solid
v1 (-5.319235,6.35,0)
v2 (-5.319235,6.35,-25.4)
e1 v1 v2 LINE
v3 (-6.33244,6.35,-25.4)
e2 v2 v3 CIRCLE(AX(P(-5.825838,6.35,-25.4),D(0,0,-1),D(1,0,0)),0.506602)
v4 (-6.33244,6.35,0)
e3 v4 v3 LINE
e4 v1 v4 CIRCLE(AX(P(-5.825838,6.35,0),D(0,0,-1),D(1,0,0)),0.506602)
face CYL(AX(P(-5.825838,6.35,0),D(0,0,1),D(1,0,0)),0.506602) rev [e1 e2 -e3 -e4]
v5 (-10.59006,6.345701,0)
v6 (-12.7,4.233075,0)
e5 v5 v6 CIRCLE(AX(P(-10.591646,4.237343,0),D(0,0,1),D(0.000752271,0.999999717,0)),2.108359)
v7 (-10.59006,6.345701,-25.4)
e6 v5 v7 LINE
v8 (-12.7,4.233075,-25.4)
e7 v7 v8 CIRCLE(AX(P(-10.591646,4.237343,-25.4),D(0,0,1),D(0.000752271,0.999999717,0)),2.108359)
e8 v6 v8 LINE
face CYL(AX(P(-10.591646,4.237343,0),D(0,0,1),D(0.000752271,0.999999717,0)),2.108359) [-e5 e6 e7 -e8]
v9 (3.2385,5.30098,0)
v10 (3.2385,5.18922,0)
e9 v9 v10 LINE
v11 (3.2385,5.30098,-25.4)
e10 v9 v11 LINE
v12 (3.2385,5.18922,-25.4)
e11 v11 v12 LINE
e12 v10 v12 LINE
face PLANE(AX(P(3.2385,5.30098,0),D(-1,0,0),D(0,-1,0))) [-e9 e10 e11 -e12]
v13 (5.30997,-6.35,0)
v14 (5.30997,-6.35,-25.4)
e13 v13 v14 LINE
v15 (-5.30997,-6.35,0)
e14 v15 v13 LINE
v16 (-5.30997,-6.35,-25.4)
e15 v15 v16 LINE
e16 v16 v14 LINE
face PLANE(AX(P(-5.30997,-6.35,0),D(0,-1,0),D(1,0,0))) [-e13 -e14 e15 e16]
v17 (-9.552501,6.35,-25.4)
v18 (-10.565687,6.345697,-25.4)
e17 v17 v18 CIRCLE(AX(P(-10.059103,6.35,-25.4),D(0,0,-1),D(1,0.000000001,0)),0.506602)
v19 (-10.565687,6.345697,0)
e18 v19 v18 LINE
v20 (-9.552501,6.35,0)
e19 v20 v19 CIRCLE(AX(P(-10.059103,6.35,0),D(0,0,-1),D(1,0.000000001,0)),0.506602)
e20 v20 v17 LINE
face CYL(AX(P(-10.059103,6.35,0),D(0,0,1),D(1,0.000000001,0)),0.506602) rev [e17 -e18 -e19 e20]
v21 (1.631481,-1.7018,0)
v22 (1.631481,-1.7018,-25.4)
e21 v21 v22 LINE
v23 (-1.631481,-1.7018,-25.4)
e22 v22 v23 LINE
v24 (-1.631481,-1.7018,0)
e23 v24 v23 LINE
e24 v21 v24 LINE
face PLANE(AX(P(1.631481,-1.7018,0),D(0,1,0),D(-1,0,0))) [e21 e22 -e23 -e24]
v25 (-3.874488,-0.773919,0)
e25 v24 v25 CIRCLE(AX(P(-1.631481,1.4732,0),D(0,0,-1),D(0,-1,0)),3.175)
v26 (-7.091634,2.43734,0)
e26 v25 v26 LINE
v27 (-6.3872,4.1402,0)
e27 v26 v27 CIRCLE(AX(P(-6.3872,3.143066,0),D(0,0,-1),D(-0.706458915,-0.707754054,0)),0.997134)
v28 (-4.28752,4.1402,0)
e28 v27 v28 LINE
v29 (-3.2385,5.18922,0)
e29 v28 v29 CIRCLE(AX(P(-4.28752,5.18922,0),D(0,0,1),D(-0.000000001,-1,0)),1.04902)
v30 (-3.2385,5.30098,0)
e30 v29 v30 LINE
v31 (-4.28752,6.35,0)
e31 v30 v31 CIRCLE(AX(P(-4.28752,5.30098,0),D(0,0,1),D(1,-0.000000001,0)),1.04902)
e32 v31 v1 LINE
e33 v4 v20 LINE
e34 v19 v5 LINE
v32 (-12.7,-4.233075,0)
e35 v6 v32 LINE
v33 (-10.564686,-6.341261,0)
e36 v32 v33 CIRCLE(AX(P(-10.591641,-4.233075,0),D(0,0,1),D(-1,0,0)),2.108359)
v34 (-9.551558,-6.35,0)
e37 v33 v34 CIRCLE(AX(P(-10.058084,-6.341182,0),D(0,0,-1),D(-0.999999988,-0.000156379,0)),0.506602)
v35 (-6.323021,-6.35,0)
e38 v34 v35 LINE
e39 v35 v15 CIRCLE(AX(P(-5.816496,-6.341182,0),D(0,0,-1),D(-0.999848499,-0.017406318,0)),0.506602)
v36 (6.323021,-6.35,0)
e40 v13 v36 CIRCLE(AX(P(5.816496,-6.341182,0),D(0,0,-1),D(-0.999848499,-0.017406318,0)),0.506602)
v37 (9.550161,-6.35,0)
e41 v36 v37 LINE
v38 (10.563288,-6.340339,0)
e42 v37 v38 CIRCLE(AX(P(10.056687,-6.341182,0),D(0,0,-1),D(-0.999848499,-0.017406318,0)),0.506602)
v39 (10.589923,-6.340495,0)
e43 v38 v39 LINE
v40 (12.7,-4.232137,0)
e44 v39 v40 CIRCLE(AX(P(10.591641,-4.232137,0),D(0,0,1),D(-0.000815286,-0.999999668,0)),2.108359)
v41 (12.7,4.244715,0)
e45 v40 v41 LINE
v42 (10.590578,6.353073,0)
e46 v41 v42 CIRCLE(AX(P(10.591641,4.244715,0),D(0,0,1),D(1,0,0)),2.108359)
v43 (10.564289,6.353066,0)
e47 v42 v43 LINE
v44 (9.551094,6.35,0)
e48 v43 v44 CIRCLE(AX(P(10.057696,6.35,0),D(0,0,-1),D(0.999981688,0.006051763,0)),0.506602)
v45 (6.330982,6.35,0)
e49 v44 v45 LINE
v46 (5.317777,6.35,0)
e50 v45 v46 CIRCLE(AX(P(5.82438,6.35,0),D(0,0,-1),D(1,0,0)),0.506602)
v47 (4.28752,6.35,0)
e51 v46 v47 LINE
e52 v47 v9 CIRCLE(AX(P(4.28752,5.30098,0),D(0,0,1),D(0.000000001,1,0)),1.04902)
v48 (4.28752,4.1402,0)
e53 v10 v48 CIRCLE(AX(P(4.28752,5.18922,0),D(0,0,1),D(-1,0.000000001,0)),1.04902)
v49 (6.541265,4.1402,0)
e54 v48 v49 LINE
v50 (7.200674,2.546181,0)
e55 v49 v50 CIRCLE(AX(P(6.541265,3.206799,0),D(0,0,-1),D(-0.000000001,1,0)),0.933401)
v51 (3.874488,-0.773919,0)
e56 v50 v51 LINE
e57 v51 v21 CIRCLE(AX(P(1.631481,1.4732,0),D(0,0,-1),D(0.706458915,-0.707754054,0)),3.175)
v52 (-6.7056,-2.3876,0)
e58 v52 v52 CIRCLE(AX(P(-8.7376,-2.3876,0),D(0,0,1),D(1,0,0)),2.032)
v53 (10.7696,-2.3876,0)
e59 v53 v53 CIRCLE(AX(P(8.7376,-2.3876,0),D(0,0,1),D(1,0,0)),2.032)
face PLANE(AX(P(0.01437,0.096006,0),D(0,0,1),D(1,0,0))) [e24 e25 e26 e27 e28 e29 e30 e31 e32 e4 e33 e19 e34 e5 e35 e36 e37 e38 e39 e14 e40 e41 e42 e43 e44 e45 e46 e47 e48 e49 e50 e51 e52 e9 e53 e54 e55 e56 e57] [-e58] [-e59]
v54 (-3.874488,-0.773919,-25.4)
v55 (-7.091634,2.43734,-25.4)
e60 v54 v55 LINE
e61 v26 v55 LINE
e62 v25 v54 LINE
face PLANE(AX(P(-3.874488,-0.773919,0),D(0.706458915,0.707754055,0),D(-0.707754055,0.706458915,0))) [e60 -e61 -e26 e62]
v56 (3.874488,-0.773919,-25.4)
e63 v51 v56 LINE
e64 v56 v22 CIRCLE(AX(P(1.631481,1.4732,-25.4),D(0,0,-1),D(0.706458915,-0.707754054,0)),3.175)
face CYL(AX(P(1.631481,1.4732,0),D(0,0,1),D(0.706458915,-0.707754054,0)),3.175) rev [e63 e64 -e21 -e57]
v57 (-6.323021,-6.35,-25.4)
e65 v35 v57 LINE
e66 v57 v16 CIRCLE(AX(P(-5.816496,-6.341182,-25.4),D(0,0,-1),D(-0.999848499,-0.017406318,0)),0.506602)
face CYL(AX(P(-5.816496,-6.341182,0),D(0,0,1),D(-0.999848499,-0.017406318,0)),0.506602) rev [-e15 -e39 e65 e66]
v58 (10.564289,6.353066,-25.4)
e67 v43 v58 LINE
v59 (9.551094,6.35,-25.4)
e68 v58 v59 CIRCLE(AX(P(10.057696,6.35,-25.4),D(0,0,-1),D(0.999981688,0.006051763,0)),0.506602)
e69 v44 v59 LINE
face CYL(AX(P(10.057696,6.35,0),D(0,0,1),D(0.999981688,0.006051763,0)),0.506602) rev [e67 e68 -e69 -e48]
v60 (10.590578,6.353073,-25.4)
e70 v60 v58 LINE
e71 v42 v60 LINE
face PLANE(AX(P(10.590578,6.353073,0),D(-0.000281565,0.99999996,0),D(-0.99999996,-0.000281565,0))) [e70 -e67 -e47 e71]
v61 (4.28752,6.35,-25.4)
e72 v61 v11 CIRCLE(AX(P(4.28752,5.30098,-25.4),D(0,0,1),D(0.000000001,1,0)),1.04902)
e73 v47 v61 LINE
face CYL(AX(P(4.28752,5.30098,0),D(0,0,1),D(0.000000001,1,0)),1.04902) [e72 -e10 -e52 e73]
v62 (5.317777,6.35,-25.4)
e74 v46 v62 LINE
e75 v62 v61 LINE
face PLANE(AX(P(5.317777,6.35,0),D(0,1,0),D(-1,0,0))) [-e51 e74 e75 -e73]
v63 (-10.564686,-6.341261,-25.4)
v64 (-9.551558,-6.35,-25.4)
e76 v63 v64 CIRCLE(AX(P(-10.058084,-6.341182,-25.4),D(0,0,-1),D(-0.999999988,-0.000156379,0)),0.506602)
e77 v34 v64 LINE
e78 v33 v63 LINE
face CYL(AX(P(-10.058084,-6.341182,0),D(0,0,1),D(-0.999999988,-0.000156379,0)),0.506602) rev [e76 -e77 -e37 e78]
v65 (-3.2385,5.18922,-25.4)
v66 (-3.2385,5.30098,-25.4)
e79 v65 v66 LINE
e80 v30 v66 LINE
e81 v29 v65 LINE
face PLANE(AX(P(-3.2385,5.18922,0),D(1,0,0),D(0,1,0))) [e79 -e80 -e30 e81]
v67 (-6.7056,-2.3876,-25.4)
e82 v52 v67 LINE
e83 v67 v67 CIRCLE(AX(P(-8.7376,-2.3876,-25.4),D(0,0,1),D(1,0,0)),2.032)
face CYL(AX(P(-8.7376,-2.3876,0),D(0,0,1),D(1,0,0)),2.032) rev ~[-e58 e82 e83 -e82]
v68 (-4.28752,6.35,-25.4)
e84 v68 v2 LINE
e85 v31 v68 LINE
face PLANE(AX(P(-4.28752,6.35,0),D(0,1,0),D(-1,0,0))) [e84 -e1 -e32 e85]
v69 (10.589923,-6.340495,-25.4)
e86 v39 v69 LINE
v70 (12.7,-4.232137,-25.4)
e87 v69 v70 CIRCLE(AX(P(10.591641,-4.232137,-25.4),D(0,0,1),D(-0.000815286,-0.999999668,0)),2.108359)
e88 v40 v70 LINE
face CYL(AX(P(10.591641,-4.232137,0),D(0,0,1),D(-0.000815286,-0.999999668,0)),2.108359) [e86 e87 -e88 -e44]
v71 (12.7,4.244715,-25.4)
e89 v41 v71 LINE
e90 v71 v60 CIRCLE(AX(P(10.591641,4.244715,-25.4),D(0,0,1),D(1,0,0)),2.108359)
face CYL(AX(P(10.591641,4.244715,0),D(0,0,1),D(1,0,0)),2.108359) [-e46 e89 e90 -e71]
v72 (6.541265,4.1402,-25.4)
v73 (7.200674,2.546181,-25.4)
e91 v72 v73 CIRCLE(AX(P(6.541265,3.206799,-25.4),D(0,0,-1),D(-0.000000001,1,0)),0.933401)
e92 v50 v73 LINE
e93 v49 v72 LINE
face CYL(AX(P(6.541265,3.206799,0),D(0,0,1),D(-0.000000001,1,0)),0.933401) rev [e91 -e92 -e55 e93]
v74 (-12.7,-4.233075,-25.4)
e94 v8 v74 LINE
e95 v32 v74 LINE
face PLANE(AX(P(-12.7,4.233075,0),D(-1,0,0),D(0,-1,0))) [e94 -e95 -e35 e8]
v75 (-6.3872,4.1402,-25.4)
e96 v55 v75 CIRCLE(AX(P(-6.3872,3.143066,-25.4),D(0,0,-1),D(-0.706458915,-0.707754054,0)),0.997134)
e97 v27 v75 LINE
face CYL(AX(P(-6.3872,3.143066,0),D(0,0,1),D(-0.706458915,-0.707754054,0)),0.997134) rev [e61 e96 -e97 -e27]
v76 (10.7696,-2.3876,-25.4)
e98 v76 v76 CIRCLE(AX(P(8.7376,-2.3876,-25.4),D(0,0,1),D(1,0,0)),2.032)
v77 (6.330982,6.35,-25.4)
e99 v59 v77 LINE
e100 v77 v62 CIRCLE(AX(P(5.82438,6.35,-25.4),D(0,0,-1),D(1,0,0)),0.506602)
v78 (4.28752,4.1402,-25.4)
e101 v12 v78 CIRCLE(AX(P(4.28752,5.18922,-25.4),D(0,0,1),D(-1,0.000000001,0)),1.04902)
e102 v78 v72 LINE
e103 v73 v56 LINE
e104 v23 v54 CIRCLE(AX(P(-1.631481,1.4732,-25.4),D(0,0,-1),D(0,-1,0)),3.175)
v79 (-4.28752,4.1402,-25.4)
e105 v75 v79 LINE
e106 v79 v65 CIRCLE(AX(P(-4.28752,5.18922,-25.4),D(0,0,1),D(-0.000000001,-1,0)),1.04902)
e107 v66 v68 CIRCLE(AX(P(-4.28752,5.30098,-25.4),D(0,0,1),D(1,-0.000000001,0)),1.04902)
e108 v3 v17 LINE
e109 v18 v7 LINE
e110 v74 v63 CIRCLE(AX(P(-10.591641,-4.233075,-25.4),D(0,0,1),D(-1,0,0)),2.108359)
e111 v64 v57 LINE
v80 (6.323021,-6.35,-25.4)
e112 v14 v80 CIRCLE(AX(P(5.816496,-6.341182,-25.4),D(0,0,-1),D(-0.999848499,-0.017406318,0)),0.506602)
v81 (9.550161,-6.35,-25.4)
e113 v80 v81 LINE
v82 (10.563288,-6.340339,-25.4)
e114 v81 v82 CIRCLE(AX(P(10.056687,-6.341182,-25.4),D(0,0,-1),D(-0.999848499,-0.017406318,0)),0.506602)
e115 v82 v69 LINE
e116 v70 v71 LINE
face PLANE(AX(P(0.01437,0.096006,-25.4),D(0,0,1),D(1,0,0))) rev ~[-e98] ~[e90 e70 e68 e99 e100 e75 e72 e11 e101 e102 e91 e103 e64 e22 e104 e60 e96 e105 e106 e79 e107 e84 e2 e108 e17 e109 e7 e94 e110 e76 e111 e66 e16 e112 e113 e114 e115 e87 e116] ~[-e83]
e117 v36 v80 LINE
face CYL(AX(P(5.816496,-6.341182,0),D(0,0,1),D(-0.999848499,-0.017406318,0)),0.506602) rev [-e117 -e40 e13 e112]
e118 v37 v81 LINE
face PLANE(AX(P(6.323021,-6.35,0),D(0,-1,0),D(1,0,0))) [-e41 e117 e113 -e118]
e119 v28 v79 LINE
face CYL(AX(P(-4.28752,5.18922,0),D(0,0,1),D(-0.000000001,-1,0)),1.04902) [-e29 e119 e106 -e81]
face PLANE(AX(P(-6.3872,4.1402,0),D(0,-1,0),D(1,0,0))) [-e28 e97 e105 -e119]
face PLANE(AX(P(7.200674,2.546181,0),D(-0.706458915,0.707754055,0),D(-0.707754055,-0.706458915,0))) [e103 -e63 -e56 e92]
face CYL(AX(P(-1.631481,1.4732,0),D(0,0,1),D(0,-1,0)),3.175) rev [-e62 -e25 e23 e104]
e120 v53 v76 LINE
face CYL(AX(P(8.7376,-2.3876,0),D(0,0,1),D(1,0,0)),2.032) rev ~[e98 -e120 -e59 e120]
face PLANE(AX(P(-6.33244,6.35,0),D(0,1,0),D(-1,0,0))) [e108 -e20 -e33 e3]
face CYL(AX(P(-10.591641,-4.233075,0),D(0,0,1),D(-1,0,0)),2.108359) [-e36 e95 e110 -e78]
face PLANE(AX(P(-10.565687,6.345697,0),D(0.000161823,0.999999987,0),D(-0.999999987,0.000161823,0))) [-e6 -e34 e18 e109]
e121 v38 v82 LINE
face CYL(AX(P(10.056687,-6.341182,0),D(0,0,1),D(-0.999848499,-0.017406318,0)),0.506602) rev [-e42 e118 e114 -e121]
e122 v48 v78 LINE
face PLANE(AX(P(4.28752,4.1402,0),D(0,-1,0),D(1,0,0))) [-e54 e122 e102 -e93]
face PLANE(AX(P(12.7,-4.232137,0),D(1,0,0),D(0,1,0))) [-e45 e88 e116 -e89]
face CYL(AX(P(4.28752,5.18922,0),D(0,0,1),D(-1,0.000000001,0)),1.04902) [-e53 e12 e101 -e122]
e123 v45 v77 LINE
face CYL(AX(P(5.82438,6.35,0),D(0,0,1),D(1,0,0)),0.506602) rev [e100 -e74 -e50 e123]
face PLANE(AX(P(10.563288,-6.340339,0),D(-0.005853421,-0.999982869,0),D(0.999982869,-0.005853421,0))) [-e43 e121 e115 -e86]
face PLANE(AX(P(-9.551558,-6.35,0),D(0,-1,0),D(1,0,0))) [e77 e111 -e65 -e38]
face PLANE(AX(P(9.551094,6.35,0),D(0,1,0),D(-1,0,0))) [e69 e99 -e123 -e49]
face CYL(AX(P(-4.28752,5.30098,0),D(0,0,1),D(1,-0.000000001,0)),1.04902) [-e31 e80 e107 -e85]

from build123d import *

# Parameters (mm, degrees)
SKETCH1_R      = 2.032
EXTRUDE1_DEPTH = 25.4


with BuildPart() as part:
    # Sketch1 → Extrude1 (new body)
    with BuildSketch(Plane.XY):
        with BuildLine():
            Line((9.551093887, 6.35), (6.330982008, 6.35))
            ThreePointArc((6.330982008, 6.35), (5.824379679, 5.843397671), (5.31777735, 6.35))
            Line((5.31777735, 6.35), (4.28752, 6.35))
            ThreePointArc((4.28752, 6.35), (3.545750844, 6.042749156), (3.2385, 5.30098))
            Line((3.2385, 5.30098), (3.2385, 5.18922))
            ThreePointArc((3.2385, 5.18922), (3.545750844, 4.447450844), (4.28752, 4.1402))
            Line((4.28752, 4.1402), (6.541264932, 4.1402))
            ThreePointArc((6.541264932, 4.1402), (7.403778411, 3.563601238), (7.200674335, 2.54618079))
            Line((7.200674335, 2.54618079), (3.874487735, -0.773919123))
            ThreePointArc((3.874487735, -0.773919123), (2.845157282, -1.460673567), (1.631480681, -1.7018))
            Line((1.631480681, -1.7018), (-1.631480681, -1.7018))
            ThreePointArc((-1.631480681, -1.7018), (-2.845157282, -1.460673567), (-3.874487735, -0.773919123))
            Line((-3.874487735, -0.773919123), (-7.091634343, 2.437340333))
            ThreePointArc((-7.091634343, 2.437340333), (-7.30860647, 3.524230776), (-6.387200124, 4.1402))
            Line((-6.387200124, 4.1402), (-4.28752, 4.1402))
            ThreePointArc((-4.28752, 4.1402), (-3.545750844, 4.447450844), (-3.2385, 5.18922))
            Line((-3.2385, 5.18922), (-3.2385, 5.30098))
            ThreePointArc((-3.2385, 5.30098), (-3.545750844, 6.042749156), (-4.28752, 6.35))
            Line((-4.28752, 6.35), (-5.319235427, 6.35))
            ThreePointArc((-5.319235427, 6.35), (-5.825837756, 5.843397671), (-6.332440085, 6.35))
            Line((-6.332440085, 6.35), (-9.552501021, 6.35))
            ThreePointArc((-9.552501021, 6.35), (-10.056951984, 5.843402239), (-10.565687406, 6.345697309))
            Line((-10.565687406, 6.345697309), (-10.590059723, 6.345701253))
            ThreePointArc((-10.590059723, 6.345701253), (-12.083428447, 5.727229281), (-12.7, 4.233074923))
            Line((-12.7, 4.233074923), (-12.7, -4.233074923))
            ThreePointArc((-12.7, -4.233074923), (-12.072915167, -5.733409532), (-10.564685825, -6.341261141))
            ThreePointArc((-10.564685825, -6.341261141), (-10.053713904, -5.834598435), (-9.551557924, -6.35))
            Line((-9.551557924, -6.35), (-6.323021107, -6.35))
            ThreePointArc((-6.323021107, -6.35), (-5.816495529, -5.83457959), (-5.309969951, -6.35))
            Line((-5.309969951, -6.35), (5.309969951, -6.35))
            ThreePointArc((5.309969951, -6.35), (5.816495529, -5.83457959), (6.323021107, -6.35))
            Line((6.323021107, -6.35), (9.550160942, -6.35))
            ThreePointArc((9.550160942, -6.35), (10.051855758, -5.834602622), (10.563288148, -6.340338775))
            Line((10.563288148, -6.340338775), (10.589922543, -6.34049468))
            ThreePointArc((10.589922543, -6.34049468), (12.081868228, -5.723579066), (12.7, -4.23213684))
            Line((12.7, -4.23213684), (12.7, 4.244714967))
            ThreePointArc((12.7, 4.244714967), (12.082100067, 5.735925507), (10.590578068, 6.353073239))
            Line((10.590578068, 6.353073239), (10.564289268, 6.353065837))
            ThreePointArc((10.564289268, 6.353065837), (10.059229141, 5.84339999), (9.551093887, 6.35))
        make_face()
        with Locations((8.7376, -2.3876)):
            Circle(SKETCH1_R, mode=Mode.SUBTRACT)
        with Locations((-8.7376, -2.3876)):
            Circle(SKETCH1_R, mode=Mode.SUBTRACT)
    extrude(amount=-EXTRUDE1_DEPTH)


solid = part.part
